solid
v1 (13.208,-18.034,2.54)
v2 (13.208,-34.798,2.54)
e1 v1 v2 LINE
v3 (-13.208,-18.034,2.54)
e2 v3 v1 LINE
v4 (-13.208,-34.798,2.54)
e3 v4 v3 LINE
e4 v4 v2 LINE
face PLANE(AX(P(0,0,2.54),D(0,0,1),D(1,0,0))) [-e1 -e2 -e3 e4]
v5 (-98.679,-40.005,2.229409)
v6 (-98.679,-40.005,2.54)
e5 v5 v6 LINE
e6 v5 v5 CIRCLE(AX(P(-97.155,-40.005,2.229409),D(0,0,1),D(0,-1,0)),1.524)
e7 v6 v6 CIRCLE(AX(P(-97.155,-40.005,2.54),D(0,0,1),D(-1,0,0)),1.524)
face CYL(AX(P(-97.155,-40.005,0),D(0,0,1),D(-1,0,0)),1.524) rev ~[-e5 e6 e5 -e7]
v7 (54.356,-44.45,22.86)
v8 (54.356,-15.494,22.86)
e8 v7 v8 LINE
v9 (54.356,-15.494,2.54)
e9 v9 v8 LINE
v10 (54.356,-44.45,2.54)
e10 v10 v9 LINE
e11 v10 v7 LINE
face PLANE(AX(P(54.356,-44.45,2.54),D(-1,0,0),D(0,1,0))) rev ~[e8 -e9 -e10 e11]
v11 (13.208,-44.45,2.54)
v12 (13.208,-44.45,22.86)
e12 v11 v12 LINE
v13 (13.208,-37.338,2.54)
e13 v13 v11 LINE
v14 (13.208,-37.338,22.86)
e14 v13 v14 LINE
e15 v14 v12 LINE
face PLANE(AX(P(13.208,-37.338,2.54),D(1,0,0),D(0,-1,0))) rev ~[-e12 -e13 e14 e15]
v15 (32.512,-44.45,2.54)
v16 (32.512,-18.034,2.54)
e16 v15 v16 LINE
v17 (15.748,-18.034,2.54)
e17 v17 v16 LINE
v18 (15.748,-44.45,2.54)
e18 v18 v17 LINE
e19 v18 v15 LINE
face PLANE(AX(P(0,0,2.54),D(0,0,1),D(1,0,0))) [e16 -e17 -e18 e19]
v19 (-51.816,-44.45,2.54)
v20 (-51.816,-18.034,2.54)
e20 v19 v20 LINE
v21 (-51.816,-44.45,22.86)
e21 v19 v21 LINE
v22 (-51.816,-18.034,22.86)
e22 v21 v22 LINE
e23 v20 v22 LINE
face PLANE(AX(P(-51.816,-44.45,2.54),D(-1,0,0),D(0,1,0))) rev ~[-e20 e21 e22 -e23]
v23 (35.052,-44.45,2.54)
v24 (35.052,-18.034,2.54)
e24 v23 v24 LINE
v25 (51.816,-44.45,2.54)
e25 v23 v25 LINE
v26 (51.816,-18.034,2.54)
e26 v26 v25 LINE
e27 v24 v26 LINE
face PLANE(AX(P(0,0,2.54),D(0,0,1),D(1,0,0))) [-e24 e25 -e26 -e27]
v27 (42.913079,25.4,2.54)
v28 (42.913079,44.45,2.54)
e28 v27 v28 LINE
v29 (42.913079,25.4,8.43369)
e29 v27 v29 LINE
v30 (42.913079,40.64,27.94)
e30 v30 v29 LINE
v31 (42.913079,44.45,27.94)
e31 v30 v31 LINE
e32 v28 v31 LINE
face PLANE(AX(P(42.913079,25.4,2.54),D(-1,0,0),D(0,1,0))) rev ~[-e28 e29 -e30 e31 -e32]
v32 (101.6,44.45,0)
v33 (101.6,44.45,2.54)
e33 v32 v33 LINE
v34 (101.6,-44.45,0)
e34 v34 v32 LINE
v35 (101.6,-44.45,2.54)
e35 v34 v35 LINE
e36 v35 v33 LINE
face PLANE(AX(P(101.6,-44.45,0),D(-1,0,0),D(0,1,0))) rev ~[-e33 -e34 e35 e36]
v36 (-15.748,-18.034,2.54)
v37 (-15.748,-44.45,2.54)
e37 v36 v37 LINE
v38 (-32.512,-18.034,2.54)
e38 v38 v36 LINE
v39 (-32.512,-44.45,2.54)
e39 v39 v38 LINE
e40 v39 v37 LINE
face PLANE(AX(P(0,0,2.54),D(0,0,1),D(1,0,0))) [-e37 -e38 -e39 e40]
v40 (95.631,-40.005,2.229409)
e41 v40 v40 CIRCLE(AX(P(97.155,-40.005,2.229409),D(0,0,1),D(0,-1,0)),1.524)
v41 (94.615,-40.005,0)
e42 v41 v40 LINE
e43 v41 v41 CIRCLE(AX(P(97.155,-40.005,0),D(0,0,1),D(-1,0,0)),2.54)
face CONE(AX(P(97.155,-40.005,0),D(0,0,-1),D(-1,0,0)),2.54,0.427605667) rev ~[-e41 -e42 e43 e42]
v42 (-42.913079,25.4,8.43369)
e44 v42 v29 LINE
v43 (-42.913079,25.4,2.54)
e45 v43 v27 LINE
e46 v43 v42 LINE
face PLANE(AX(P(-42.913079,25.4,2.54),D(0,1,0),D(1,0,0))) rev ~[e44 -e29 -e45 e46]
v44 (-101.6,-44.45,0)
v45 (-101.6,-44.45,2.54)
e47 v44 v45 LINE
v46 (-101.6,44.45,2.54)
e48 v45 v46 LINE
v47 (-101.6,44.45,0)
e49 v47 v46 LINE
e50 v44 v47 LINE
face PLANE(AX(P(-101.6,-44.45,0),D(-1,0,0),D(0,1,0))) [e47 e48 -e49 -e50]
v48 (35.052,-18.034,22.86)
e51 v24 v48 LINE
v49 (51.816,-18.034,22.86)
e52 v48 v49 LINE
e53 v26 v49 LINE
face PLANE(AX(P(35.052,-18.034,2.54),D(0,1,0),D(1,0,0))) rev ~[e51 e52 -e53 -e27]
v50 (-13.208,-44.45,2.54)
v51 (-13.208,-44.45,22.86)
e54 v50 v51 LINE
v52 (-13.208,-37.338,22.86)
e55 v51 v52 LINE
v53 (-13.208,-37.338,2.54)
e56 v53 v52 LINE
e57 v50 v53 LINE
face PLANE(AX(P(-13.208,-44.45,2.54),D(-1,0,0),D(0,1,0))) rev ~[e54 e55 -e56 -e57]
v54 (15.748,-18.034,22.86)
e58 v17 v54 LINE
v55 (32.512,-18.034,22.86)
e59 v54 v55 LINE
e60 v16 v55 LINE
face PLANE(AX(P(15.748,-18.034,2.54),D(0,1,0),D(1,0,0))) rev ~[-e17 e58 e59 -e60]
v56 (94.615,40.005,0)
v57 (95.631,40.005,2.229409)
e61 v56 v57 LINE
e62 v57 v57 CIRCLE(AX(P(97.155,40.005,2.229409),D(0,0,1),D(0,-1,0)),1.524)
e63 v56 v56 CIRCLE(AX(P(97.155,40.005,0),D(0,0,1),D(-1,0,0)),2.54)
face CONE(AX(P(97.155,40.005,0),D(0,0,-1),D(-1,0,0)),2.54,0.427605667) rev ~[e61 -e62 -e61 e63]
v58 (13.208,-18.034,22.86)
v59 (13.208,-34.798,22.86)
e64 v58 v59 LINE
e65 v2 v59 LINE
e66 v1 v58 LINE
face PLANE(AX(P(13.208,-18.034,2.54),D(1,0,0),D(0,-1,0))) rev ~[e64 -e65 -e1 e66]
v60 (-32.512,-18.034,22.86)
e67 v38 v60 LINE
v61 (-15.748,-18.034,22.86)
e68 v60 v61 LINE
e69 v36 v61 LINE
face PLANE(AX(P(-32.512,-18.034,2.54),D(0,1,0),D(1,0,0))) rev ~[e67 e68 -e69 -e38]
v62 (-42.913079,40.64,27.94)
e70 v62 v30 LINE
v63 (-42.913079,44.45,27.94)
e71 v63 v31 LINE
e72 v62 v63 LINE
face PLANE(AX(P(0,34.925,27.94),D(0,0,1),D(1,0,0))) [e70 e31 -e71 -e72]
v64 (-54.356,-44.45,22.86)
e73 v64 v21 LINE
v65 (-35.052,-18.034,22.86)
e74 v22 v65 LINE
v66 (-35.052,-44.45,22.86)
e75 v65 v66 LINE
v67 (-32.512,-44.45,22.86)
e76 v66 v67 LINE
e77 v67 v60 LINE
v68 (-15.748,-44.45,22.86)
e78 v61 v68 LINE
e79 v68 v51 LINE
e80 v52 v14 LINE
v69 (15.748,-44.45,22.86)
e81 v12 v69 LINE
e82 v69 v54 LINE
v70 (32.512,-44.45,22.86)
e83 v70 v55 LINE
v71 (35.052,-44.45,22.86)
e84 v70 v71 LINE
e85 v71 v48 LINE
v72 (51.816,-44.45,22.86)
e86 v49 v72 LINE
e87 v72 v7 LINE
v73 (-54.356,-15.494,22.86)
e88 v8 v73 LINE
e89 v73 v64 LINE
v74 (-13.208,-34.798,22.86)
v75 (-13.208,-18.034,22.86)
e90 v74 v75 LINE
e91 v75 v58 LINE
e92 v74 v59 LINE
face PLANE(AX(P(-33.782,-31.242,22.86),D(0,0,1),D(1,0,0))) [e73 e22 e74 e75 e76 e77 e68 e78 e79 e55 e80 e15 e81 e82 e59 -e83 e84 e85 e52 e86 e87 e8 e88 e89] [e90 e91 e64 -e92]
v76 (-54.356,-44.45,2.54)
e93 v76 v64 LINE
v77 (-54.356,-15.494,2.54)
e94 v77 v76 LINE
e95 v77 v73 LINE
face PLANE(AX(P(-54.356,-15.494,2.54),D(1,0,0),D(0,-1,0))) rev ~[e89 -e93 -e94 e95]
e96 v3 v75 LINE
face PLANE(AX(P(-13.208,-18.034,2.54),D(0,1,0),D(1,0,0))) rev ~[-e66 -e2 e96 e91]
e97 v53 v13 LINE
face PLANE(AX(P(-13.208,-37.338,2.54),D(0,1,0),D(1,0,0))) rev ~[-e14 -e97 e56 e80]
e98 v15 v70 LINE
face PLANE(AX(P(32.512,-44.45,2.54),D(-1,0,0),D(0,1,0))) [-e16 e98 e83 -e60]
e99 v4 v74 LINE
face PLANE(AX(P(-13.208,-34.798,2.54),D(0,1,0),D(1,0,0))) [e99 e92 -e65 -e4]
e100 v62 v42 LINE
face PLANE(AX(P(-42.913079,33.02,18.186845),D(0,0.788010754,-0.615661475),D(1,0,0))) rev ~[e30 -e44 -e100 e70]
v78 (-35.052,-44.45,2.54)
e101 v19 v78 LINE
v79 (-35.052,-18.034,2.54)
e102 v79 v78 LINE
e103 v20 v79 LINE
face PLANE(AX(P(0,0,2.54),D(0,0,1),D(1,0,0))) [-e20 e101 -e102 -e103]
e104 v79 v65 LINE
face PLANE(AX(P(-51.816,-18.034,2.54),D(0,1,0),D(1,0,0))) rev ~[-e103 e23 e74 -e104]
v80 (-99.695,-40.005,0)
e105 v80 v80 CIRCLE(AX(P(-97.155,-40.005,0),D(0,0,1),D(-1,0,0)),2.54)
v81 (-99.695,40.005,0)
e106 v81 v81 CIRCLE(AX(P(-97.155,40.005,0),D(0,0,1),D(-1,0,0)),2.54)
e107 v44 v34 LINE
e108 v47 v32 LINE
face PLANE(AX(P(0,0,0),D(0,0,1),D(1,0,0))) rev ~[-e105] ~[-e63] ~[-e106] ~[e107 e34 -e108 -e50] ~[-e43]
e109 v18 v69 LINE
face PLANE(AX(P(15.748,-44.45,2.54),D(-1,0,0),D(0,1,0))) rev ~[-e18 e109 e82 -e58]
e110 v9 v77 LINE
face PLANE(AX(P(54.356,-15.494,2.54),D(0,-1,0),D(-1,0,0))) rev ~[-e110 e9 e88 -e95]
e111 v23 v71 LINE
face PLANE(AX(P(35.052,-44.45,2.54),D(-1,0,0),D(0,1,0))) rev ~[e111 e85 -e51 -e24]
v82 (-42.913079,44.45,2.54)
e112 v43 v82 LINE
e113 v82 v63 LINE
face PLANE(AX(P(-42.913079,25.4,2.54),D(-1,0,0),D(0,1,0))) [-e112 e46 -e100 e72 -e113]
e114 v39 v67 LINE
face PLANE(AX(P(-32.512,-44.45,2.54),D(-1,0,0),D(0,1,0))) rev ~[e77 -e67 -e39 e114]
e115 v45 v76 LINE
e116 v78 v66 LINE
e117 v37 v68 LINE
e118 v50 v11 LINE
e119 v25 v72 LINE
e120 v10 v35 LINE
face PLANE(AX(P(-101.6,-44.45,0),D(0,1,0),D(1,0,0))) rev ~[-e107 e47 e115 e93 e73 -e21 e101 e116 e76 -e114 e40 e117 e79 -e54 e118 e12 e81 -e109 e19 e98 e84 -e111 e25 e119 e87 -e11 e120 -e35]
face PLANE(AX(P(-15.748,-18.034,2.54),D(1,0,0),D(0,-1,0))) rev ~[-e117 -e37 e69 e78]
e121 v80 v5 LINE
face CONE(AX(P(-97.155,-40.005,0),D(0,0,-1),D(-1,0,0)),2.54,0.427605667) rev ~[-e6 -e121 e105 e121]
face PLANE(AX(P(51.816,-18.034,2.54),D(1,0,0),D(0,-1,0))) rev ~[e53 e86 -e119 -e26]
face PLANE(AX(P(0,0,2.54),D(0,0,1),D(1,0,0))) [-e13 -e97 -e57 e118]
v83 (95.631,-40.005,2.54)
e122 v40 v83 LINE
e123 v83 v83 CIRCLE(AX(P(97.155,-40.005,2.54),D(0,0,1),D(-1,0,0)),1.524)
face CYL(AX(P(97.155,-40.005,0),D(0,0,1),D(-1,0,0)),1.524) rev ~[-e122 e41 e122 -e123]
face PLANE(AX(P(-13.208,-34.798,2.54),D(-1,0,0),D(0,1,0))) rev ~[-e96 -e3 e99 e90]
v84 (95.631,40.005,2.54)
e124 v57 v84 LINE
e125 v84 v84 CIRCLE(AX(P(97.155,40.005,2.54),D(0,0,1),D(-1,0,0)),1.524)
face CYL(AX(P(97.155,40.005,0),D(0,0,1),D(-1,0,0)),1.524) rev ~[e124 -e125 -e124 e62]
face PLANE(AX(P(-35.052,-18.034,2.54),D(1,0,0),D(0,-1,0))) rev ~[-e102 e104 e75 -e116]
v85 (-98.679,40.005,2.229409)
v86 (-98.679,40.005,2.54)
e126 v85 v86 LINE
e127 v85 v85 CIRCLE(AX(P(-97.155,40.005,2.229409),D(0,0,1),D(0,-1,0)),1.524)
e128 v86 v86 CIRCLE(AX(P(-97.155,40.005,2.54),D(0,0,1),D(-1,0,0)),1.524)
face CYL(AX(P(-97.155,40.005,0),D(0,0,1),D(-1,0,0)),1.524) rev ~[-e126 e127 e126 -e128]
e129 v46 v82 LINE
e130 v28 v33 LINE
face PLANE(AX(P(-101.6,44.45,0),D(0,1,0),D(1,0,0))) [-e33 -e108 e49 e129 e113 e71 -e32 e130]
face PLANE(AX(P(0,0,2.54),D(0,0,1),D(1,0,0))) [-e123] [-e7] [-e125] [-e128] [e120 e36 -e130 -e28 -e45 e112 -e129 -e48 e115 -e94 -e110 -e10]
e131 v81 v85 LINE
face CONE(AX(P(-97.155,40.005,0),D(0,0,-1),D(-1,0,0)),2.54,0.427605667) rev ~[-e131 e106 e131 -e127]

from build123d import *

# Parameters (mm, degrees)
F0_W           = 203.2
F0_H           = 88.9
F1_DEPTH       = 2.54
F2_W           = 2.54
F2_H           = 26.416
F2_H_2         = 2.54
F2_W_2         = 16.764
F2_W_3         = 26.416
F3_DEPTH       = 20.32
F5_D           = 3.048
F5_CSINK_D     = 5.08
F5_CSINK_ANGLE = 49
F2_W_4         = 85.8261585236
F2_H_3         = 19.05
F6_DEPTH       = 25.4
F7_SIZE2       = 19.5063104746
F7_SIZE        = 15.24


with BuildPart() as f1:
    # F0 (on Top) → F1 (new body)
    with BuildSketch(Plane.XY):
        Rectangle(F0_W, F0_H)
    extrude(amount=F1_DEPTH)

    # F2 (on face) → F3 (join)
    with BuildSketch(Plane.XY.offset(2.54)):
        with Locations((-33.782, -31.242)):
            Rectangle(F2_W, F2_H)
        with Locations((-53.086, -31.242)):
            Rectangle(F2_W, F2_H)
        with Locations((-53.086, -16.764)):
            Rectangle(F2_W, F2_H_2)
        with Locations((33.782, -31.242)):
            Rectangle(F2_W, F2_H)
        with Locations((53.086, -31.242)):
            Rectangle(F2_W, F2_H)
        with Locations((53.086, -16.764)):
            Rectangle(F2_W, F2_H_2)
        with Locations((-24.13, -16.764)):
            Rectangle(F2_W_2, F2_H_2)
        with Locations((-14.478, -16.764)):
            Rectangle(F2_W, F2_H_2)
        with Locations((24.13, -16.764)):
            Rectangle(F2_W_2, F2_H_2)
        with Locations((14.478, -16.764)):
            Rectangle(F2_W, F2_H_2)
        with Locations((-33.782, -16.764)):
            Rectangle(F2_W, F2_H_2)
        with Locations((-43.434, -16.764)):
            Rectangle(F2_W_2, F2_H_2)
        with Locations((33.782, -16.764)):
            Rectangle(F2_W, F2_H_2)
        with Locations((43.434, -16.764)):
            Rectangle(F2_W_2, F2_H_2)
        with Locations((0, -16.764)):
            Rectangle(F2_W_3, F2_H_2)
        Polygon((13.208, -37.338), (13.208, -44.45), (15.748, -44.45), (15.748, -18.034), (13.208, -18.034), (13.208, -34.798), align=None)
        Polygon((-15.748, -18.034), (-15.748, -44.45), (-13.208, -44.45), (-13.208, -37.338), (-13.208, -34.798), (-13.208, -18.034), align=None)
        with Locations((0, -36.068)):
            Rectangle(F2_W_3, F2_H_2)
    extrude(amount=F3_DEPTH)

    # F5 (through all)
    with Locations(Plane(origin=(0, 0, 0), x_dir=(1, 0, 0), z_dir=(0, 0, -1))):
        with Locations((97.155, -40.005), (97.155, 40.005), (-97.155, 40.005), (-97.155, -40.005)):
            CounterSinkHole(F5_D / 2, F5_CSINK_D / 2, counter_sink_angle=F5_CSINK_ANGLE)

    # F2 (on face) → F6 (join)
    with BuildSketch(Plane.XY.offset(2.54)):
        with Locations((0, 34.925)):
            Rectangle(F2_W_4, F2_H_3)
    extrude(amount=F6_DEPTH)

    # F7
    f7_edges = [f1.edges().sort_by_distance(p)[0] for p in [
        (0, 25.4, 27.94),
    ]]
    f7_side = f1.faces().sort_by_distance((0, 34.925, 27.94))[0]
    chamfer(f7_edges, length=F7_SIZE, length2=F7_SIZE2, reference=f7_side)


solid = f1.part
